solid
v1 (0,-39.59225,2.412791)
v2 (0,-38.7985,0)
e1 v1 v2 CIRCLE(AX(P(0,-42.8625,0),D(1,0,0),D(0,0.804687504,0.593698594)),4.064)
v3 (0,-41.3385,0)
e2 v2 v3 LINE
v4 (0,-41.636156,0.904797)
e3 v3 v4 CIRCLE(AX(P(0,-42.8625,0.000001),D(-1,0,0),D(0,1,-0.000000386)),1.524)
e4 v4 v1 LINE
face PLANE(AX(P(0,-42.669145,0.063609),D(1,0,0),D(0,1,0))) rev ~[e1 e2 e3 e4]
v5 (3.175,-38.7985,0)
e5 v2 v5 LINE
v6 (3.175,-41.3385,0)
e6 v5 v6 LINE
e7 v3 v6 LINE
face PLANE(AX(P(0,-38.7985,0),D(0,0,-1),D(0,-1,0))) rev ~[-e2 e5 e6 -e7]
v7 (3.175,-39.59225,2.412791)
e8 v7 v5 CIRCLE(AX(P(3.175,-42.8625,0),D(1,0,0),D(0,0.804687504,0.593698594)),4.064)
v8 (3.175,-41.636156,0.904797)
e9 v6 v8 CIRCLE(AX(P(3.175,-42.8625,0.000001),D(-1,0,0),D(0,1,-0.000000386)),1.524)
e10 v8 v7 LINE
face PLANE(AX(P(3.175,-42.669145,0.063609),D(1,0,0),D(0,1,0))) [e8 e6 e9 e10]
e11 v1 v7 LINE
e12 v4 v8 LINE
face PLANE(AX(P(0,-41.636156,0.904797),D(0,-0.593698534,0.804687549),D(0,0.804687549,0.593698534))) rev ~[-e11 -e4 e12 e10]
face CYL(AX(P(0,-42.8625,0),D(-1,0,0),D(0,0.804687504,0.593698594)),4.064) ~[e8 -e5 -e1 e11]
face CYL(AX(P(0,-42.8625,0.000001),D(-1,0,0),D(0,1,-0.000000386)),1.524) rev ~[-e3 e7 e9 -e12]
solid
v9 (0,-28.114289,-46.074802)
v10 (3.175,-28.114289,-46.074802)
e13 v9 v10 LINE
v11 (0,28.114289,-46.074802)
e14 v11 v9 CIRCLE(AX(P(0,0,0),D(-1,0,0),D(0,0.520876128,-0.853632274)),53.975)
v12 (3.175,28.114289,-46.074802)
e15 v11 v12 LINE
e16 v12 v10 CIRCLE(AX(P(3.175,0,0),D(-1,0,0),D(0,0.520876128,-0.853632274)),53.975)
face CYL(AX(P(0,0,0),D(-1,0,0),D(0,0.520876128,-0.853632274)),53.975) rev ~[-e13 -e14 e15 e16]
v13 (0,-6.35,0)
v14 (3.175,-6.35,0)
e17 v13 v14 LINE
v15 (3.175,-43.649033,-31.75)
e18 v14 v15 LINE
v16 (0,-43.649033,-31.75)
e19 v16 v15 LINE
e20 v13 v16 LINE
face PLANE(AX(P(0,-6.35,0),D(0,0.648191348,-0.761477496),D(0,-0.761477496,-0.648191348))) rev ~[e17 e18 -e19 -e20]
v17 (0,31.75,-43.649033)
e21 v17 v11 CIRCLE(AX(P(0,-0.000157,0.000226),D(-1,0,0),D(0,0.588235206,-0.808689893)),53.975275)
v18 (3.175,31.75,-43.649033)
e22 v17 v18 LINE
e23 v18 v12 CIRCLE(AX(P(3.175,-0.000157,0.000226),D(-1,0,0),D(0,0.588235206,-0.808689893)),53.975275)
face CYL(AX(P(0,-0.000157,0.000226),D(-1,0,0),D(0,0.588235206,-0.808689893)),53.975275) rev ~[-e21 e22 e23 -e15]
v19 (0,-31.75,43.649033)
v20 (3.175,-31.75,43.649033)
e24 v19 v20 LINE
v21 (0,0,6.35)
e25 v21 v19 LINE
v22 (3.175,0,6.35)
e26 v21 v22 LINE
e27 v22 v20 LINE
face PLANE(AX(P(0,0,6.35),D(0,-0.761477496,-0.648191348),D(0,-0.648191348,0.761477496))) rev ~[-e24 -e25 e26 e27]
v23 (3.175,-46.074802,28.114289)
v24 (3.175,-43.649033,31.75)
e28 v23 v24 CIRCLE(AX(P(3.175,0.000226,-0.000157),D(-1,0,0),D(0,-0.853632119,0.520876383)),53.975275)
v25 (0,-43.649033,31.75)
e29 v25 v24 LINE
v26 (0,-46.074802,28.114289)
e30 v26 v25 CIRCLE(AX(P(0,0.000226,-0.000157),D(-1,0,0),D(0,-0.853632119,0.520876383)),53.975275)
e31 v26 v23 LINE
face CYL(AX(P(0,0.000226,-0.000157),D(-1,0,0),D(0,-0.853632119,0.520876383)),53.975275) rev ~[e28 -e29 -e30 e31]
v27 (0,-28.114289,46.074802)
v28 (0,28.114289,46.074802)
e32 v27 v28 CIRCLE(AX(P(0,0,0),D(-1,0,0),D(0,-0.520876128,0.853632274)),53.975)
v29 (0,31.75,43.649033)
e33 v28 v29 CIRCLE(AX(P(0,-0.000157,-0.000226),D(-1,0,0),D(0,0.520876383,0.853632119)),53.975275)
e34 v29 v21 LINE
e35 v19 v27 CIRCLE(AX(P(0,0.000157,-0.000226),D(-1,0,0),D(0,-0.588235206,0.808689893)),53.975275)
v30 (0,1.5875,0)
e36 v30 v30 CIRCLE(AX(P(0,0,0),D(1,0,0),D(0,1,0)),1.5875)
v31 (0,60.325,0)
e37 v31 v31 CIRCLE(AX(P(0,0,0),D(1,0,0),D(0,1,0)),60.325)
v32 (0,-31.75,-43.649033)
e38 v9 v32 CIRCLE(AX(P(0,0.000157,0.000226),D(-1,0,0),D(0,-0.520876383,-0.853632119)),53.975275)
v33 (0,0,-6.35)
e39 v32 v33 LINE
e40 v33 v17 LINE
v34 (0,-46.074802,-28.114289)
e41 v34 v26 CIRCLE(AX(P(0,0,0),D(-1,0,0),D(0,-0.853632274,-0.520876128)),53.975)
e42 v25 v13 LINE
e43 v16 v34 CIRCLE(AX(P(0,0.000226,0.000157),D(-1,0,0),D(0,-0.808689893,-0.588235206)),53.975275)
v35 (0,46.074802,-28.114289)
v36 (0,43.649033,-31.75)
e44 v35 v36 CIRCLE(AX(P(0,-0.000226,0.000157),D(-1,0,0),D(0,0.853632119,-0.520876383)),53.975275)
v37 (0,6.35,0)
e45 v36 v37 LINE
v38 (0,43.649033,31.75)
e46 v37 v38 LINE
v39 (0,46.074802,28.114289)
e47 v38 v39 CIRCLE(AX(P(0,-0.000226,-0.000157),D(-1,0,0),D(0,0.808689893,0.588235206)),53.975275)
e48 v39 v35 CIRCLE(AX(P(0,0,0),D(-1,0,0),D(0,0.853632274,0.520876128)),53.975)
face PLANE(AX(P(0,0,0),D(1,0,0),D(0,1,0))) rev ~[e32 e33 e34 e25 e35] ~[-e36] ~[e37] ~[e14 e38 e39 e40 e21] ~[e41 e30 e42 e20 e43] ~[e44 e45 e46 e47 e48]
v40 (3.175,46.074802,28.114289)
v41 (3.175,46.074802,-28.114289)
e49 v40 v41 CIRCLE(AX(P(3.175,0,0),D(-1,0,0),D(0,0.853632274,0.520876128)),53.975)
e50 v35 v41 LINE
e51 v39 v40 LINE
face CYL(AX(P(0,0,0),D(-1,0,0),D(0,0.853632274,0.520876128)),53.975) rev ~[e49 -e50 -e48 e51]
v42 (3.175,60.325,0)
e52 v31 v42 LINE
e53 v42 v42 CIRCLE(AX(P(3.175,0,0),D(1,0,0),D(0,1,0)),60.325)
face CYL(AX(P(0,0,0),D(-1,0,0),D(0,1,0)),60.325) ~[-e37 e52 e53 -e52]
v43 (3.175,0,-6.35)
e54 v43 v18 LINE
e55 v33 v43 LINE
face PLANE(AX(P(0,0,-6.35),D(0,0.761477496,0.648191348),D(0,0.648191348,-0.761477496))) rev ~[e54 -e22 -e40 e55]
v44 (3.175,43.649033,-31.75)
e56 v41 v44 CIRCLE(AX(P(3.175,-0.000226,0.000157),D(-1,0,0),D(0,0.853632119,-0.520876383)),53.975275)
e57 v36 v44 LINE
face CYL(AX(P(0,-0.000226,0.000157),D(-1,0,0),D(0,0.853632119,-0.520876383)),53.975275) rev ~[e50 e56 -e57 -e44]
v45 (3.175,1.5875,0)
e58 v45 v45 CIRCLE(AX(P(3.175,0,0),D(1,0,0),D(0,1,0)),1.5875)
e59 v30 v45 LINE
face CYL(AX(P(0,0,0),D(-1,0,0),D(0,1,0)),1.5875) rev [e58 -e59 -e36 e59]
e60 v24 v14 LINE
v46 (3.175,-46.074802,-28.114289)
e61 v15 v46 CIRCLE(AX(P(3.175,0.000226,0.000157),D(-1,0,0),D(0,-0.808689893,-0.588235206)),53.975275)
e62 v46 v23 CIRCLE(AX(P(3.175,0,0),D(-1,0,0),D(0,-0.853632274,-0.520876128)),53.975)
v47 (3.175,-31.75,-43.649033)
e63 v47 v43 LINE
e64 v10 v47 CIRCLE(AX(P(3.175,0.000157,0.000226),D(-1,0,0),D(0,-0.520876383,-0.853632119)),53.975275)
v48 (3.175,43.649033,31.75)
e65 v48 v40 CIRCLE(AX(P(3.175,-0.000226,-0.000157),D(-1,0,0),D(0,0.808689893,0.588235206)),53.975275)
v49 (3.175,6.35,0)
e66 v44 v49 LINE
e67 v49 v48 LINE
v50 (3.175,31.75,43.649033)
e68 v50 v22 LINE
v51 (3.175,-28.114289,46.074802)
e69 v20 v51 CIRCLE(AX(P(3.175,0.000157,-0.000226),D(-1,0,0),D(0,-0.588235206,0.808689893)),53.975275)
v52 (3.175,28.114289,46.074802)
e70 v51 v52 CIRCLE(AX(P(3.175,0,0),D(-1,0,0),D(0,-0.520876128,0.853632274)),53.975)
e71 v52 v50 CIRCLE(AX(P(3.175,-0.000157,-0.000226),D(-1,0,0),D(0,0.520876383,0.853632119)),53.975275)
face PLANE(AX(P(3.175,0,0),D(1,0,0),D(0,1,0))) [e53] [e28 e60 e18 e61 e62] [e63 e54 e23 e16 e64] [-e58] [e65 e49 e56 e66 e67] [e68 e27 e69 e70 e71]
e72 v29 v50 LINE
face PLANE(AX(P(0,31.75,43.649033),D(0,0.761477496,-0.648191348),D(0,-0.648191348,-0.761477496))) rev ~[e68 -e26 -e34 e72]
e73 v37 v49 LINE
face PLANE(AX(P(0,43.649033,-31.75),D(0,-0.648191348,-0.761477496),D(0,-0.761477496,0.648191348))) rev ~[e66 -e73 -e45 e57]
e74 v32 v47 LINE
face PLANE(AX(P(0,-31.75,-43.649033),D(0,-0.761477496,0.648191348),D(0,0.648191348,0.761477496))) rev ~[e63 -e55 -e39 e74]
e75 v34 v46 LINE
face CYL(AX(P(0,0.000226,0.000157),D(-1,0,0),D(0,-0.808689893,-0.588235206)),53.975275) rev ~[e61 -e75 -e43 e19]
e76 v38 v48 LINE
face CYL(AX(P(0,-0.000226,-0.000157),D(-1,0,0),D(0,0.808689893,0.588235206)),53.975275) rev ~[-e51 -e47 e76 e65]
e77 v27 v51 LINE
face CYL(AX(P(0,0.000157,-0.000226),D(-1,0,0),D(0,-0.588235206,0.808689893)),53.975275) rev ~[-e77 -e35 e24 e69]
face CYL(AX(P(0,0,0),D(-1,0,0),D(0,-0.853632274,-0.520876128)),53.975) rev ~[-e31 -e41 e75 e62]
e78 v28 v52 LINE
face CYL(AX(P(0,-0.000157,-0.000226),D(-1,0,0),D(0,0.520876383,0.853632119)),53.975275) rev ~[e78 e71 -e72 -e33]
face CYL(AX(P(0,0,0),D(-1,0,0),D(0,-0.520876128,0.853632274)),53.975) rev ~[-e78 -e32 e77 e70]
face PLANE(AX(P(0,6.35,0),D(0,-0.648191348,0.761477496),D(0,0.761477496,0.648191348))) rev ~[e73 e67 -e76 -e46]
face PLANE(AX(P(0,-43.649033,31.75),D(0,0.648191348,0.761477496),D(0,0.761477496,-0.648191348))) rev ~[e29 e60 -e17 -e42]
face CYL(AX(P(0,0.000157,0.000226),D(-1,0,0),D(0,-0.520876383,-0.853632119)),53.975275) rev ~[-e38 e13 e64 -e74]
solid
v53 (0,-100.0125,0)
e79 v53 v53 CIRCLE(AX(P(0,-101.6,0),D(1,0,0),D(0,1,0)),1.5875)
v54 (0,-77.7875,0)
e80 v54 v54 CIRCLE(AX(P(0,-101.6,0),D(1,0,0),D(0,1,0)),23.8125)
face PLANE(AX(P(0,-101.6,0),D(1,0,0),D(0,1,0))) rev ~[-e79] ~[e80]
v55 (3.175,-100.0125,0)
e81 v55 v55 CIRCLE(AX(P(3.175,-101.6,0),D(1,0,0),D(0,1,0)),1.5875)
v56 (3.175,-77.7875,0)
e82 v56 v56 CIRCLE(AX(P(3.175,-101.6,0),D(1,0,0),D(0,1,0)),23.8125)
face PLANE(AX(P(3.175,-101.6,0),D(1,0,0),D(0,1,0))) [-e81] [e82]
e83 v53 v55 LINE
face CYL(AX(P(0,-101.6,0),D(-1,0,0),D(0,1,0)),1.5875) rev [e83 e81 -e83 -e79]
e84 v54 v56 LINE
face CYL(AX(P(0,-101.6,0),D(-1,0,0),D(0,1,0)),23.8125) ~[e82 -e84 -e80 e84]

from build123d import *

# Parameters (mm, degrees)
F0_R     = 60.325
F0_R_2   = 1.5875
F1_DEPTH = 3.175
F2_R     = 23.8125
F2_R_2   = 1.5875
F3_DEPTH = 3.175
F5_DEPTH = 3.175


with BuildPart() as f1:
    # F0 (on Right) → F1 (new body)
    with BuildSketch(Plane.YZ):
        Circle(F0_R)
        with BuildLine():
            ThreePointArc((-43.649033, 31.75), (-38.166089, 38.166089), (-31.75, 43.649033))
            ThreePointArc((-31.75, 43.649033), (-29.956708, 44.898733), (-28.114289, 46.074802))
            ThreePointArc((-28.114289, 46.074802), (0, 53.975), (28.114289, 46.074802))
            ThreePointArc((28.114289, 46.074802), (29.956708, 44.898733), (31.75, 43.649033))
            ThreePointArc((31.75, 43.649033), (38.166089, 38.166089), (43.649033, 31.75))
            ThreePointArc((43.649033, 31.75), (44.898733, 29.956708), (46.074802, 28.114289))
            ThreePointArc((46.074802, 28.114289), (53.975, 0), (46.074802, -28.114289))
            ThreePointArc((46.074802, -28.114289), (44.898733, -29.956708), (43.649033, -31.75))
            ThreePointArc((43.649033, -31.75), (38.166089, -38.166089), (31.75, -43.649033))
            ThreePointArc((31.75, -43.649033), (29.956708, -44.898733), (28.114289, -46.074802))
            ThreePointArc((28.114289, -46.074802), (0, -53.975), (-28.114289, -46.074802))
            ThreePointArc((-28.114289, -46.074802), (-29.956708, -44.898733), (-31.75, -43.649033))
            ThreePointArc((-31.75, -43.649033), (-38.166089, -38.166089), (-43.649033, -31.75))
            ThreePointArc((-43.649033, -31.75), (-44.898733, -29.956708), (-46.074802, -28.114289))
            ThreePointArc((-46.074802, -28.114289), (-53.975, 0), (-46.074802, 28.114289))
            ThreePointArc((-46.074802, 28.114289), (-44.898733, 29.956708), (-43.649033, 31.75))
        make_face(mode=Mode.SUBTRACT)
        with BuildLine():
            Line((0, 6.35), (-31.75, 43.649033))
            ThreePointArc((-31.75, 43.649033), (-38.166089, 38.166089), (-43.649033, 31.75))
            Line((-43.649033, 31.75), (-6.35, 0))
            Line((-6.35, 0), (-43.649033, -31.75))
            ThreePointArc((-43.649033, -31.75), (-38.166089, -38.166089), (-31.75, -43.649033))
            Line((-31.75, -43.649033), (0, -6.35))
            Line((0, -6.35), (31.75, -43.649033))
            ThreePointArc((31.75, -43.649033), (38.166089, -38.166089), (43.649033, -31.75))
            Line((43.649033, -31.75), (6.35, 0))
            Line((6.35, 0), (43.649033, 31.75))
            ThreePointArc((43.649033, 31.75), (38.166089, 38.166089), (31.75, 43.649033))
            Line((31.75, 43.649033), (0, 6.35))
        make_face()
        Circle(F0_R_2, mode=Mode.SUBTRACT)
    extrude(amount=F1_DEPTH)


with BuildPart() as f3:
    # F2 (on Right) → F3 (new body)
    with BuildSketch(Plane.YZ):
        with Locations((-101.6, 0)):
            Circle(F2_R)
        with Locations((-101.6, 0)):
            Circle(F2_R_2, mode=Mode.SUBTRACT)
    extrude(amount=F3_DEPTH)


with BuildPart() as f5:
    # F4 (on Right) → F5 (new body)
    with BuildSketch(Plane.YZ):
        with BuildLine():
            Line((-38.7985, 0), (-41.3385, 0))
            ThreePointArc((-41.3385, 0), (-44.310175, -0.47625), (-41.636156, 0.904797))
            Line((-41.636156, 0.904797), (-39.59225, 2.412791))
            ThreePointArc((-39.59225, 2.412791), (-46.722966, -1.27), (-38.7985, 0))
        make_face()
    extrude(amount=F5_DEPTH)


solid = Compound([f1.part, f3.part, f5.part])
